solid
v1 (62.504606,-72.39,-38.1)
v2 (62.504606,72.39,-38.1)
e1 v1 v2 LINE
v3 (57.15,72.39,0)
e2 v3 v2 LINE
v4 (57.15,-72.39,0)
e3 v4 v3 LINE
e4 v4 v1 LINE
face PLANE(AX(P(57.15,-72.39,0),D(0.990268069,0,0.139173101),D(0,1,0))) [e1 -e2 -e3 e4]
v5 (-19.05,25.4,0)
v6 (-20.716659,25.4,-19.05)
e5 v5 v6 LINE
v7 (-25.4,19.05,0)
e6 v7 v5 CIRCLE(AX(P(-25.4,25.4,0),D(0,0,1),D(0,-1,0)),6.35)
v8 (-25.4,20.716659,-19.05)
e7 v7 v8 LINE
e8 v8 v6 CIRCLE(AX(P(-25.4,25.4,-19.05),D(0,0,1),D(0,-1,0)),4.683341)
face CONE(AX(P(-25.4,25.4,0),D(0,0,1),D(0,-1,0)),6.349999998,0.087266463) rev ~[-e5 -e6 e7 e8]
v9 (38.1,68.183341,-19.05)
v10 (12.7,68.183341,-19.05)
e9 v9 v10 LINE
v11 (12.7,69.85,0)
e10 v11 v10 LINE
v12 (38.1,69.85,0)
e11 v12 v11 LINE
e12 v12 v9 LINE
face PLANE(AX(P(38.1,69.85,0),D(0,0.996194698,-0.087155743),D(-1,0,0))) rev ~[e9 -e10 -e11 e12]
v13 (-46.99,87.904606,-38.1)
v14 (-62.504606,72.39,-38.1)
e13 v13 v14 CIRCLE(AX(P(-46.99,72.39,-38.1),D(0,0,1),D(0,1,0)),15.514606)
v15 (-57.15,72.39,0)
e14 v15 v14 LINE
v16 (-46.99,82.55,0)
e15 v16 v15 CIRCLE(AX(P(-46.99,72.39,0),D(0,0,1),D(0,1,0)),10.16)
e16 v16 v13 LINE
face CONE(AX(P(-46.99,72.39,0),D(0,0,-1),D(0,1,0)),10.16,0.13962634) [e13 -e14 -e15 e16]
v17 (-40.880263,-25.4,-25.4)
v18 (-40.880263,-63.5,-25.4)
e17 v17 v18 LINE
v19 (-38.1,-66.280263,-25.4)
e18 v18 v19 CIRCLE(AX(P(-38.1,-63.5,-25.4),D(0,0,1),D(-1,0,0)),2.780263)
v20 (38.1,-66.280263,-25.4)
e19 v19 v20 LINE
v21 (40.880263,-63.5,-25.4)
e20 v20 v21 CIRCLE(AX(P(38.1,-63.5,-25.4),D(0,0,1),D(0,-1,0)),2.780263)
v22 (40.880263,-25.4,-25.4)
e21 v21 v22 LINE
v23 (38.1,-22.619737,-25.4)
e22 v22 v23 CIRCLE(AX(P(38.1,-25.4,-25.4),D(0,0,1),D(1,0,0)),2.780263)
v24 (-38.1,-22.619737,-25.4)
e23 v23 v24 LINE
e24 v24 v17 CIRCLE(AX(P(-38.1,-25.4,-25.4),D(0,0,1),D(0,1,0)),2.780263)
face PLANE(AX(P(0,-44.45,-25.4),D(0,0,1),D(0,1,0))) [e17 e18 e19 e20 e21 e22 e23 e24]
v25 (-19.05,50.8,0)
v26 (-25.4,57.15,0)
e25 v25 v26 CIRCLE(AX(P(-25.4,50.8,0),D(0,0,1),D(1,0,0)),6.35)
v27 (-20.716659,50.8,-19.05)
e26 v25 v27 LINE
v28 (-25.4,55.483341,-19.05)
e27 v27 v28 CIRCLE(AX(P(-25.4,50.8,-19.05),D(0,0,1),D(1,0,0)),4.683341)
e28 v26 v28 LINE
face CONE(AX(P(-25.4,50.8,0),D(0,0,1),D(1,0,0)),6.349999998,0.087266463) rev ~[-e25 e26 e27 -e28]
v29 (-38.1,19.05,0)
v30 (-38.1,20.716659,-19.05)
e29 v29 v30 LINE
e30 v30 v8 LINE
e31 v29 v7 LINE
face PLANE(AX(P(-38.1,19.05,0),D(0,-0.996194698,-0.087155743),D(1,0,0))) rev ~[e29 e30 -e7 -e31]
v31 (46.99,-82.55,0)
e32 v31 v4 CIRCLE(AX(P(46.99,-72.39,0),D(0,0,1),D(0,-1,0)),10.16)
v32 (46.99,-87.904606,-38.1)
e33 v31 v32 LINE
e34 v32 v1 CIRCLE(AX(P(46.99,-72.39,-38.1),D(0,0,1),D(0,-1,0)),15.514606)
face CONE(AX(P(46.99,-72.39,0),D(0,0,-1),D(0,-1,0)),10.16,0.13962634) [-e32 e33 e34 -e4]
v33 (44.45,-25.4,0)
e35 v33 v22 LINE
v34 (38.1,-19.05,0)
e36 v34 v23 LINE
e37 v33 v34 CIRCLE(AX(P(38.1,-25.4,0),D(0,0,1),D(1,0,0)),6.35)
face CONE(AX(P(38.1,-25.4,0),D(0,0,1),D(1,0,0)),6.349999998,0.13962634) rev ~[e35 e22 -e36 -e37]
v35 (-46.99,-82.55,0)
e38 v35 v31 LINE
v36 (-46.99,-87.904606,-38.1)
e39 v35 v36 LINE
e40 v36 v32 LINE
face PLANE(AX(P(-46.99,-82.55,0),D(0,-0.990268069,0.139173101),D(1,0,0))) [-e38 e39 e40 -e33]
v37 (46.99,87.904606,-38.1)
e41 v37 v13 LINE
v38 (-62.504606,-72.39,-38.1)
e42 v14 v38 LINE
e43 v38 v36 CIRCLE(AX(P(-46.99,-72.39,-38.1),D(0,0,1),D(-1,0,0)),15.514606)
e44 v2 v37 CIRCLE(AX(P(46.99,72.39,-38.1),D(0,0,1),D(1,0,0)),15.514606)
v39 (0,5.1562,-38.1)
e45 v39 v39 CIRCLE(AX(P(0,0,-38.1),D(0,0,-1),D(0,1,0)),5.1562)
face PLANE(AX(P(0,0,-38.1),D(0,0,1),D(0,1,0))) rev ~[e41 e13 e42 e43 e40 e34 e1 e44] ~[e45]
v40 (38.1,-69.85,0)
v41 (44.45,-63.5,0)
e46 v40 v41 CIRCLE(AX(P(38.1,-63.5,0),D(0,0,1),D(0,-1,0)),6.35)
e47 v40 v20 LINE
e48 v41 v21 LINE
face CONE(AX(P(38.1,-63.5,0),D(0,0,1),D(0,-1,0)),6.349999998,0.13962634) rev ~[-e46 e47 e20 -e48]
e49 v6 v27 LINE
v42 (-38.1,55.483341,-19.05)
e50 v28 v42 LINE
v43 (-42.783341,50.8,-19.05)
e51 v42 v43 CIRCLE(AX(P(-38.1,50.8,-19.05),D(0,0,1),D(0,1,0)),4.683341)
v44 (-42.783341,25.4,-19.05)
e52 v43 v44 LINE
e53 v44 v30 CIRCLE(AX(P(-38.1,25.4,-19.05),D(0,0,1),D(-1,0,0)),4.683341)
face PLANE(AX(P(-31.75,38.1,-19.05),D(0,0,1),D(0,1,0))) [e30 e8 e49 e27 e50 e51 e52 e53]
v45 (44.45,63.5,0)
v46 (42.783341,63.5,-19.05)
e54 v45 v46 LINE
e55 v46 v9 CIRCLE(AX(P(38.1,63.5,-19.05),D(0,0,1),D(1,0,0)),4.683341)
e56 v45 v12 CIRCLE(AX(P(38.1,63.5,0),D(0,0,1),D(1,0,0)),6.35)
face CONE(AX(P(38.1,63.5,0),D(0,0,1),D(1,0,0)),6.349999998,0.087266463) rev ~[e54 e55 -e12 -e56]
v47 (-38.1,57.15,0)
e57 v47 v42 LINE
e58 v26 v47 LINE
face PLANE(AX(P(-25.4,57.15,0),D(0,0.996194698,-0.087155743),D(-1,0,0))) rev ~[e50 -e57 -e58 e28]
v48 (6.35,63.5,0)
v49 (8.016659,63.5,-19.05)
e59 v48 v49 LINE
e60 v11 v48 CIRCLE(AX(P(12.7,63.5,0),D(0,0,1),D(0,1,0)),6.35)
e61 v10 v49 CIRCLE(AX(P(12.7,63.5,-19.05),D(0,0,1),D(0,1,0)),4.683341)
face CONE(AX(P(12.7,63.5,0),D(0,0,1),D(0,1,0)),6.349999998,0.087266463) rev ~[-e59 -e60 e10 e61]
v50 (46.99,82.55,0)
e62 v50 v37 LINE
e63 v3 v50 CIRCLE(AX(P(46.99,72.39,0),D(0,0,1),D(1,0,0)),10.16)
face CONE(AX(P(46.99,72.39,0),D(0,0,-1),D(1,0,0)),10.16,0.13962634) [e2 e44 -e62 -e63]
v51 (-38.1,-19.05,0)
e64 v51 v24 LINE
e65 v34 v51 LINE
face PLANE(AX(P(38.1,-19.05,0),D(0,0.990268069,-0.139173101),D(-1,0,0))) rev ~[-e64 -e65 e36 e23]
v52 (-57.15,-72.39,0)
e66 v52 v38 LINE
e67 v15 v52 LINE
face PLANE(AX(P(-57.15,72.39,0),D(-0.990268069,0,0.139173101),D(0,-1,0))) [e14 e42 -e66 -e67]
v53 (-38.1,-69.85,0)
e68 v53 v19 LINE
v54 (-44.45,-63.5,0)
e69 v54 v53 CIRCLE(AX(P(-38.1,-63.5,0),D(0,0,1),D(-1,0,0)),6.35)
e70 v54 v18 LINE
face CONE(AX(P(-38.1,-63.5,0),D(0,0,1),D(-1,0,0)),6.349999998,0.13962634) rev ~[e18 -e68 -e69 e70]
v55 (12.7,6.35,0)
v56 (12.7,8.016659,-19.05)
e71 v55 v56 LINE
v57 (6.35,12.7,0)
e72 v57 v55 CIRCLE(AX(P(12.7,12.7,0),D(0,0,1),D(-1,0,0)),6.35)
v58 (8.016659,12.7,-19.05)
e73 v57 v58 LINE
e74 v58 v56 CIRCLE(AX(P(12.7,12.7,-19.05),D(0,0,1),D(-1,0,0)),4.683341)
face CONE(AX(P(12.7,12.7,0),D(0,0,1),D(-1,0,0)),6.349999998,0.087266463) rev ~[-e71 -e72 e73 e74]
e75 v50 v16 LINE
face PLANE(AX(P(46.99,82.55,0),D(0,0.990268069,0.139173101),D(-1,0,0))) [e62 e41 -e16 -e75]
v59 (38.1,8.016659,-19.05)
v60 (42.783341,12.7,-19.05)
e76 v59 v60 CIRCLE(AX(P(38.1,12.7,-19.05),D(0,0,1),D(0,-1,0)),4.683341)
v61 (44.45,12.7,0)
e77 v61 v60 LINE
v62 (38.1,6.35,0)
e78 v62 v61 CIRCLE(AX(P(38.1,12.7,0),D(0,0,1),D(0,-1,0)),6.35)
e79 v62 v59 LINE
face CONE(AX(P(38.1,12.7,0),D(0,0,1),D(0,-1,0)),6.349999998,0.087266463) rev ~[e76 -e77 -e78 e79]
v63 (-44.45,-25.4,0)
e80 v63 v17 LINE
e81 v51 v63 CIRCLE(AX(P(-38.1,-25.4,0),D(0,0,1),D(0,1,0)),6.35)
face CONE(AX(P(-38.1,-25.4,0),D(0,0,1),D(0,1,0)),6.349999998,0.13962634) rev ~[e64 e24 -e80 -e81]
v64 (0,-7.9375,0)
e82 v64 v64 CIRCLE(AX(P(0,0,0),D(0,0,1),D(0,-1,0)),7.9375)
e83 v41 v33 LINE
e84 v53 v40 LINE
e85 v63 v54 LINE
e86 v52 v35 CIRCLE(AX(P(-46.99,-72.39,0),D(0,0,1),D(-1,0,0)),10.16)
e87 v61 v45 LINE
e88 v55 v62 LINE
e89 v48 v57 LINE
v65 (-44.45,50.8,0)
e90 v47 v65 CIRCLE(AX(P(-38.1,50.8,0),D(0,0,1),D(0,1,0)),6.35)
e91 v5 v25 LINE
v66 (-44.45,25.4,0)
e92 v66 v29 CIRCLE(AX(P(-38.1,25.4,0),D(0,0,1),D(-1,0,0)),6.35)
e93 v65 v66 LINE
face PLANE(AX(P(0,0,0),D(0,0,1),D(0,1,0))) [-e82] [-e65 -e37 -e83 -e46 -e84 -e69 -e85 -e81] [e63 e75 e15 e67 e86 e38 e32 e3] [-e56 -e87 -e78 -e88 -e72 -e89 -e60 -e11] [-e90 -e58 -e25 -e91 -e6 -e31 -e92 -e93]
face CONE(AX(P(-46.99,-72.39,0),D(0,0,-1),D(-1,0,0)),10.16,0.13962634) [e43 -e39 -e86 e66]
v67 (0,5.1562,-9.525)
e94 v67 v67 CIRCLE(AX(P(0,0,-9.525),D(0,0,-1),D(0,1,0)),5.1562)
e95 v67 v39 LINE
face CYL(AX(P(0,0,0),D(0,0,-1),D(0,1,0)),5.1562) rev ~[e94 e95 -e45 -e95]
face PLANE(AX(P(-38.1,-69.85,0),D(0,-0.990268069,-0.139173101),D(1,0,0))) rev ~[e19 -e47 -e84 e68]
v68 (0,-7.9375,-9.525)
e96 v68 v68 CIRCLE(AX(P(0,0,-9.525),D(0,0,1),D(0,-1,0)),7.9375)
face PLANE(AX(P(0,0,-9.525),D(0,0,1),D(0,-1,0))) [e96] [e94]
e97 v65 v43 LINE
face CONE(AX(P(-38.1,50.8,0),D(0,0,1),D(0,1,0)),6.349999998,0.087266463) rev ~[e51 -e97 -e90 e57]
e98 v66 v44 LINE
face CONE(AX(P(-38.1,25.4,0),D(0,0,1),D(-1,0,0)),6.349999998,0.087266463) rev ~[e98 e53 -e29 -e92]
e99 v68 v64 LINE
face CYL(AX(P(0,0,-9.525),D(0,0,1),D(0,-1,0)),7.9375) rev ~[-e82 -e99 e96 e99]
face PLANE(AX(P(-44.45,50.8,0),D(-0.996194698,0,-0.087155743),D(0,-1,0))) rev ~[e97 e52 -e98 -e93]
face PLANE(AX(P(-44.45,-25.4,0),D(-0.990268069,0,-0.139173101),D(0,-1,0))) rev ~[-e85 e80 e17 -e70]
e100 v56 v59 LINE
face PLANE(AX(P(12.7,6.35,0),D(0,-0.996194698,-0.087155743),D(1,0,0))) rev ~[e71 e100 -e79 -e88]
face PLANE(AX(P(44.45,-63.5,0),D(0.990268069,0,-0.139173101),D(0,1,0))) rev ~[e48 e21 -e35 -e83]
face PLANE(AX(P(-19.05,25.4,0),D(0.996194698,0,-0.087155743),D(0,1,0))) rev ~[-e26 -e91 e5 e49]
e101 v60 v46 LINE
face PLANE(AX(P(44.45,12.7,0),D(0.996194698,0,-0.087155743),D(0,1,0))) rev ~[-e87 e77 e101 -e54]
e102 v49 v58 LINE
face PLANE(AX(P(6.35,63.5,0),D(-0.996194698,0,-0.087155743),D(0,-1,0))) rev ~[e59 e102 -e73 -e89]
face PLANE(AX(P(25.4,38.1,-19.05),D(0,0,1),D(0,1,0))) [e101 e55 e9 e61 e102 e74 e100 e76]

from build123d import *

# Parameters (mm, degrees)
BOSS_EXTRUDE1_DEPTH                              = 38.1
BOSS_EXTRUDE1_DRAFT                              = 8
CUT_EXTRUDE1_DEPTH                               = 19.05
CUT_EXTRUDE1_DRAFT                               = -5
CUT_EXTRUDE1_PROFILE_2_DEPTH                     = 19.05
CUT_EXTRUDE1_PROFILE_2_DRAFT                     = -5
CUT_EXTRUDE2_DEPTH                               = 25.4
CUT_EXTRUDE2_DRAFT                               = -8
CBORE_FOR_3_8_SOCKET_HEAD_CAP_SCREW1_D           = 10.3124
CBORE_FOR_3_8_SOCKET_HEAD_CAP_SCREW1_CBORE_D     = 15.875
CBORE_FOR_3_8_SOCKET_HEAD_CAP_SCREW1_CBORE_DEPTH = 9.525


with BuildPart() as part:
    # Sketch1 → Boss-Extrude1 (with draft: the straight prism first)
    with BuildSketch(Plane(origin=(0, 0, 0), x_dir=(0, 1, 0), z_dir=(0, 0, 1))):
        with BuildLine():
            ThreePointArc((-72.39, 57.15), (-79.574204897, 54.174204897), (-82.55, 46.99))
            Line((-82.55, 46.99), (-82.55, -46.99))
            ThreePointArc((-82.55, -46.99), (-79.574204897, -54.174204897), (-72.39, -57.15))
            Line((-72.39, -57.15), (72.39, -57.15))
            ThreePointArc((72.39, -57.15), (79.574204897, -54.174204897), (82.55, -46.99))
            Line((82.55, -46.99), (82.55, 46.99))
            ThreePointArc((82.55, 46.99), (79.574204897, 54.174204897), (72.39, 57.15))
            Line((72.39, 57.15), (-72.39, 57.15))
        make_face()
    extrude(amount=-BOSS_EXTRUDE1_DEPTH)
    # Boss-Extrude1: the draft: its side faces are tilted about the plane it starts from
    boss_extrude1_sides = [part.faces().sort_by_distance(p)[0] for p in [
        (-57.15, 0, -19.05),
        (-54.174204897, -79.574204897, -19.05),
        (0, -82.55, -19.05),
        (54.174204897, -79.574204897, -19.05),
        (57.15, 0, -19.05),
        (54.174204897, 79.574204897, -19.05),
        (0, 82.55, -19.05),
        (-54.174204897, 79.574204897, -19.05),
    ]]
    draft(boss_extrude1_sides, Plane(origin=(0, 0, 0), x_dir=(0, 1, 0), z_dir=(0, 0, 1)), BOSS_EXTRUDE1_DRAFT)


with BuildPart() as cut_extrude1_tool:
    # Sketch4 → Cut-Extrude1 (with draft: the straight prism first)
    with BuildSketch(Plane(origin=(0, 0, 0), x_dir=(0, 1, 0), z_dir=(0, 0, 1))):
        with BuildLine():
            Line((25.4, 19.05), (50.8, 19.05))
            ThreePointArc((50.8, 19.05), (55.290128061, 20.909871939), (57.15, 25.4))
            Line((57.15, 25.4), (57.15, 38.1))
            ThreePointArc((57.15, 38.1), (55.290128061, 42.590128061), (50.8, 44.45))
            Line((50.8, 44.45), (25.4, 44.45))
            ThreePointArc((25.4, 44.45), (20.909871939, 42.590128061), (19.05, 38.1))
            Line((19.05, 38.1), (19.05, 25.4))
            ThreePointArc((19.05, 25.4), (20.909871939, 20.909871939), (25.4, 19.05))
        make_face()
    extrude(amount=-CUT_EXTRUDE1_DEPTH)
    # Cut-Extrude1: the draft: its side faces are tilted about the plane it starts from
    cut_extrude1_sides = [cut_extrude1_tool.faces().sort_by_distance(p)[0] for p in [
        (-20.909871939, 20.909871939, -9.525),
        (-19.05, 38.1, -9.525),
        (-20.909871939, 55.290128061, -9.525),
        (-31.75, 57.15, -9.525),
        (-42.590128061, 55.290128061, -9.525),
        (-44.45, 38.1, -9.525),
        (-42.590128061, 20.909871939, -9.525),
        (-31.75, 19.05, -9.525),
    ]]
    draft(cut_extrude1_sides, Plane(origin=(0, 0, 0), x_dir=(0, 1, 0), z_dir=(0, 0, 1)), CUT_EXTRUDE1_DRAFT)


with BuildPart() as part_1:
    add(part.part)

    # Cut-Extrude1: cut by cut_extrude1_tool
    add(cut_extrude1_tool.part, mode=Mode.SUBTRACT)


with BuildPart() as cut_extrude1_profile_2_tool:
    # Sketch4 → Cut-Extrude1 profile 2 (with draft: the straight prism first)
    with BuildSketch(Plane(origin=(0, 0, 0), x_dir=(0, 1, 0), z_dir=(0, 0, 1))):
        with BuildLine():
            Line((6.35, -12.7), (6.35, -38.1))
            ThreePointArc((6.35, -38.1), (8.209871939, -42.590128061), (12.7, -44.45))
            Line((12.7, -44.45), (63.5, -44.45))
            ThreePointArc((63.5, -44.45), (67.990128061, -42.590128061), (69.85, -38.1))
            Line((69.85, -38.1), (69.85, -12.7))
            ThreePointArc((69.85, -12.7), (67.990128061, -8.209871939), (63.5, -6.35))
            Line((63.5, -6.35), (12.7, -6.35))
            ThreePointArc((12.7, -6.35), (8.209871939, -8.209871939), (6.35, -12.7))
        make_face()
    extrude(amount=-CUT_EXTRUDE1_PROFILE_2_DEPTH)
    # Cut-Extrude1 profile 2: the draft: its side faces are tilted about the plane it starts from
    cut_extrude1_profile_2_sides = [cut_extrude1_profile_2_tool.faces().sort_by_distance(p)[0] for p in [
        (25.4, 6.35, -9.525),
        (42.590128061, 8.209871939, -9.525),
        (44.45, 38.1, -9.525),
        (42.590128061, 67.990128061, -9.525),
        (25.4, 69.85, -9.525),
        (8.209871939, 67.990128061, -9.525),
        (6.35, 38.1, -9.525),
        (8.209871939, 8.209871939, -9.525),
    ]]
    draft(cut_extrude1_profile_2_sides, Plane(origin=(0, 0, 0), x_dir=(0, 1, 0), z_dir=(0, 0, 1)), CUT_EXTRUDE1_PROFILE_2_DRAFT)


with BuildPart() as part_2:
    add(part_1.part)

    # Cut-Extrude1 profile 2: cut by cut_extrude1_profile_2_tool
    add(cut_extrude1_profile_2_tool.part, mode=Mode.SUBTRACT)


with BuildPart() as cut_extrude2_tool:
    # Sketch4<3> → Cut-Extrude2 (with draft: the straight prism first)
    with BuildSketch(Plane(origin=(0, 0, 0), x_dir=(0, 1, 0), z_dir=(0, 0, 1))):
        with BuildLine():
            ThreePointArc((-63.5, 44.45), (-67.990128061, 42.590128061), (-69.85, 38.1))
            Line((-69.85, 38.1), (-69.85, -38.1))
            ThreePointArc((-69.85, -38.1), (-67.990128061, -42.590128061), (-63.5, -44.45))
            Line((-63.5, -44.45), (-25.4, -44.45))
            ThreePointArc((-25.4, -44.45), (-20.909871939, -42.590128061), (-19.05, -38.1))
            Line((-19.05, -38.1), (-19.05, 38.1))
            ThreePointArc((-19.05, 38.1), (-20.909871939, 42.590128061), (-25.4, 44.45))
            Line((-25.4, 44.45), (-63.5, 44.45))
        make_face()
    extrude(amount=-CUT_EXTRUDE2_DEPTH)
    # Cut-Extrude2: the draft: its side faces are tilted about the plane it starts from
    cut_extrude2_sides = [cut_extrude2_tool.faces().sort_by_distance(p)[0] for p in [
        (-42.590128061, -20.909871939, -12.7),
        (-44.45, -44.45, -12.7),
        (-42.590128061, -67.990128061, -12.7),
        (0, -69.85, -12.7),
        (42.590128061, -67.990128061, -12.7),
        (44.45, -44.45, -12.7),
        (42.590128061, -20.909871939, -12.7),
        (0, -19.05, -12.7),
    ]]
    draft(cut_extrude2_sides, Plane(origin=(0, 0, 0), x_dir=(0, 1, 0), z_dir=(0, 0, 1)), CUT_EXTRUDE2_DRAFT)


with BuildPart() as part_3:
    add(part_2.part)

    # Cut-Extrude2: cut by cut_extrude2_tool
    add(cut_extrude2_tool.part, mode=Mode.SUBTRACT)

    # CBORE for 3/8 Socket Head Cap Screw1 (through all)
    with Locations(Plane(origin=(0, 0, 0), x_dir=(0, -1, 0), z_dir=(0, 0, 1))):
        with Locations((0, 0)):
            CounterBoreHole(CBORE_FOR_3_8_SOCKET_HEAD_CAP_SCREW1_D / 2, CBORE_FOR_3_8_SOCKET_HEAD_CAP_SCREW1_CBORE_D / 2, CBORE_FOR_3_8_SOCKET_HEAD_CAP_SCREW1_CBORE_DEPTH)


solid = part_3.part
